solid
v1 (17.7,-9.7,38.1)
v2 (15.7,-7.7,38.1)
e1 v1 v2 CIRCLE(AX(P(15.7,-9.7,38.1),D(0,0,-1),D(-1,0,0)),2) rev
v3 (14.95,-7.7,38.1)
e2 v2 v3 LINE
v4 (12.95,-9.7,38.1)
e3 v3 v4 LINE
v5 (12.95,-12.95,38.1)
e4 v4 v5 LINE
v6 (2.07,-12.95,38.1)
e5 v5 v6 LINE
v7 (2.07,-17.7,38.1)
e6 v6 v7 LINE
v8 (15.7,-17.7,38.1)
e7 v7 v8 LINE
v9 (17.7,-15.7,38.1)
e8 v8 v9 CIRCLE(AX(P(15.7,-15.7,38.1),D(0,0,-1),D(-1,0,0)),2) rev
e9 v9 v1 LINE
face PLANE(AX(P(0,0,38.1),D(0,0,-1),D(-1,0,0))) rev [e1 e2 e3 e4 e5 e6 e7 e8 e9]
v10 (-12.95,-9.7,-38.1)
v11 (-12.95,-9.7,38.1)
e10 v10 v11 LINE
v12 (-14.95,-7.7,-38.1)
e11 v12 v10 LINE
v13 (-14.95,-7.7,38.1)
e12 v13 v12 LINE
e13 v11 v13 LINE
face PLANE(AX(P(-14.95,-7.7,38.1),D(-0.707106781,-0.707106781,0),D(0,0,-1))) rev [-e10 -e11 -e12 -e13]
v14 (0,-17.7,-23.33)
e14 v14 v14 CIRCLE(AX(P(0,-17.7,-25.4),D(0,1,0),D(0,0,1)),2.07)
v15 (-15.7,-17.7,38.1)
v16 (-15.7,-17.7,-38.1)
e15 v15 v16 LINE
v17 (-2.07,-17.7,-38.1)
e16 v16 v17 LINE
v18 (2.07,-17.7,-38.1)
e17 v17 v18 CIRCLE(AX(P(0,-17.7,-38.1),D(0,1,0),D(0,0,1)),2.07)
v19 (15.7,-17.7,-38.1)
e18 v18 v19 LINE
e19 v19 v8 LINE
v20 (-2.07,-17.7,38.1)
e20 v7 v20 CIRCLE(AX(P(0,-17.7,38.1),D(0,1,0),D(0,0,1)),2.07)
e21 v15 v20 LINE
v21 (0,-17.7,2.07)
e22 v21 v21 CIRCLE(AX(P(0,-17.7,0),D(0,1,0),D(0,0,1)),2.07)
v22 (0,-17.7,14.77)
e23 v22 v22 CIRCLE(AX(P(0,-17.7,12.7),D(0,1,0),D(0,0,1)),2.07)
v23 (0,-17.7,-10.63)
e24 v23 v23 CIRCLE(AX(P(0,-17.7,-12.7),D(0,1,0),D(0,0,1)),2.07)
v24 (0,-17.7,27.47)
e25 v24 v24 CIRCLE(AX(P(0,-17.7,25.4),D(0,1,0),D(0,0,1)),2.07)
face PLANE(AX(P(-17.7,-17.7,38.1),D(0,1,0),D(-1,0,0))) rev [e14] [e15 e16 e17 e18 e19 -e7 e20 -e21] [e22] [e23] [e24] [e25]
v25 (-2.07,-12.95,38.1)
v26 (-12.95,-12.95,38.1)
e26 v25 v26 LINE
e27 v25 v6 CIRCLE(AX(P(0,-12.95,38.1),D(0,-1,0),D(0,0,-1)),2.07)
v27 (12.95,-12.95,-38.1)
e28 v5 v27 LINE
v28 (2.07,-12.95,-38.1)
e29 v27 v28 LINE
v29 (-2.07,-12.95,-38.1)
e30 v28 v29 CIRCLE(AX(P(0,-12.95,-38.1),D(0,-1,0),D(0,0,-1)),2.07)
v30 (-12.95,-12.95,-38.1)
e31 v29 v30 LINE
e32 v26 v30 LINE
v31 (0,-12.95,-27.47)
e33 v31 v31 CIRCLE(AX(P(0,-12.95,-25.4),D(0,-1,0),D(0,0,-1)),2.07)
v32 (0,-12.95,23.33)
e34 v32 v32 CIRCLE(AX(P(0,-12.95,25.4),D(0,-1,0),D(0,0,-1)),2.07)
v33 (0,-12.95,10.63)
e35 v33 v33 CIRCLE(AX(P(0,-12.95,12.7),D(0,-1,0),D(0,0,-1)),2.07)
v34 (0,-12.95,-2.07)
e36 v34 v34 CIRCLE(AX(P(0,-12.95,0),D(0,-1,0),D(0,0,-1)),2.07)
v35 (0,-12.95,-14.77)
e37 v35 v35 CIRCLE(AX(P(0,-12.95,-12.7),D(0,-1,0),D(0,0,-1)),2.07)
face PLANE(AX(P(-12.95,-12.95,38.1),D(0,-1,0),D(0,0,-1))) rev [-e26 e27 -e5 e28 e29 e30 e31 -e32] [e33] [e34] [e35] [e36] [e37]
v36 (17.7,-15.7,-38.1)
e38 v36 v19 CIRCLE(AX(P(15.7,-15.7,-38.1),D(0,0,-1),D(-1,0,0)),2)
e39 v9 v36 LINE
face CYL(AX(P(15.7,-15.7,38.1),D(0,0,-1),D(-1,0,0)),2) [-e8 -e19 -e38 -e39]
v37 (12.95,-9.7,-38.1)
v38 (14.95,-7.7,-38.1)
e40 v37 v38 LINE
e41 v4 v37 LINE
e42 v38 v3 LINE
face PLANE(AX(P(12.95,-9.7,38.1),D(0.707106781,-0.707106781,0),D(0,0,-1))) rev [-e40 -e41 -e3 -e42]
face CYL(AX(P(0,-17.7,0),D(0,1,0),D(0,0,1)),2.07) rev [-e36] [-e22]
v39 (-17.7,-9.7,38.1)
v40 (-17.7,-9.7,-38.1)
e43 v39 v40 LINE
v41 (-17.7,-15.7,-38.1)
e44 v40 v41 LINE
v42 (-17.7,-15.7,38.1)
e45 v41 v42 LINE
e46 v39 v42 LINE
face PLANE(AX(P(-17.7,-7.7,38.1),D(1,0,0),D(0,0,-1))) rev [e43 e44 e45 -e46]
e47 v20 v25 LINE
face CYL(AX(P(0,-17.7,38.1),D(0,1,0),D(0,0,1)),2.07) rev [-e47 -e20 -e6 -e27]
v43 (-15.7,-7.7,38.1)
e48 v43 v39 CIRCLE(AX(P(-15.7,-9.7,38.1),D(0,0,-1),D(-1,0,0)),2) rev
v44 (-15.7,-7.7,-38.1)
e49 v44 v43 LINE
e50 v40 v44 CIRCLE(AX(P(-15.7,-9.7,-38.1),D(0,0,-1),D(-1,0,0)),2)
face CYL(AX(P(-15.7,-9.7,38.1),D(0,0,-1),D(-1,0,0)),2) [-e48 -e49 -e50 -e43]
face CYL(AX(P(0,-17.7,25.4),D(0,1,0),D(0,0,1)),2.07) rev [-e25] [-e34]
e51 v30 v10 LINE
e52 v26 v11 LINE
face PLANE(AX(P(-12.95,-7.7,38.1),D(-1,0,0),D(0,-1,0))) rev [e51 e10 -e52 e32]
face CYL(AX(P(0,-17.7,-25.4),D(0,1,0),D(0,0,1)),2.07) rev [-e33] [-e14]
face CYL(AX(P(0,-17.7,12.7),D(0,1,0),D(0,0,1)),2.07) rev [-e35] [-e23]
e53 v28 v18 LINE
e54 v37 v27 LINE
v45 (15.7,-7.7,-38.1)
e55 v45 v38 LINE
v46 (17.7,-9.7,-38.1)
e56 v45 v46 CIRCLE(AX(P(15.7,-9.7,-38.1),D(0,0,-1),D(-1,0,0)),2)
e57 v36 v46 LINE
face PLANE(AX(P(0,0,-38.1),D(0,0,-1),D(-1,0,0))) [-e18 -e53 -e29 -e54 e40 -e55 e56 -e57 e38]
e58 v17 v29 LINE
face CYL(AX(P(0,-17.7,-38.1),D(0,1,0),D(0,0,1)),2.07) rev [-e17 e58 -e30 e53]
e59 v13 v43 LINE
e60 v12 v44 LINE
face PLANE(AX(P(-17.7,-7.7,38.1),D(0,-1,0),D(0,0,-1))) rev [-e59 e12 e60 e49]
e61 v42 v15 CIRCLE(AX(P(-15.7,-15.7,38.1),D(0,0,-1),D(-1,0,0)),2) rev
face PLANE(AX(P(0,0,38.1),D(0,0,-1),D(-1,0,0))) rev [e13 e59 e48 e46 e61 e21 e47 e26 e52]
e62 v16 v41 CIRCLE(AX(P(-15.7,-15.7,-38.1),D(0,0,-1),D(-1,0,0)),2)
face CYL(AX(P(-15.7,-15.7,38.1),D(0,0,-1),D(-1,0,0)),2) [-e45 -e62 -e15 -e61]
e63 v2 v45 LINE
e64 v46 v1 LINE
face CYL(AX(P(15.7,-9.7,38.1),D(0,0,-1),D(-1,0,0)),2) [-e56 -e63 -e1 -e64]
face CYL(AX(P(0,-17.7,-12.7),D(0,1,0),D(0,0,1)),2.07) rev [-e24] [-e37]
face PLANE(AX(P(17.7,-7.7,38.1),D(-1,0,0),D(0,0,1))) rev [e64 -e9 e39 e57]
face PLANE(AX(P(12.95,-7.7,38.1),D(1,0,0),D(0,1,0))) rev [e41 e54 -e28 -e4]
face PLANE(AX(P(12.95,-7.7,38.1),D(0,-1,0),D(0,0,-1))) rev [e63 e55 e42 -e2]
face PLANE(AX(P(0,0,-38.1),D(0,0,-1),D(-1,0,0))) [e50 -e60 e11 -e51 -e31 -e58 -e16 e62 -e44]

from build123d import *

# Parameters (mm, degrees)
BOSS_EXTRUDE1_DEPTH     = 38.1
CUT_EXTRUDE1_DEPTH      = 43.337483392
CUT_EXTRUDE1_DEPTH_BACK = 43.337483392
SKETCH2_R               = 2.07
CHAMFER1_SIZE           = 2
FILLET1_R               = 2


with BuildPart() as part:
    # Sketch1 → Boss-Extrude1 (new, symmetric)
    with BuildSketch(Plane.XY):
        Polygon((-17.7, -7.7), (-17.7, -17.7), (17.7, -17.7), (17.7, -7.7), (12.95, -7.7), (12.95, -12.95), (-12.95, -12.95), (-12.95, -7.7), align=None)
    extrude(amount=BOSS_EXTRUDE1_DEPTH, both=True)

    # Sketch2 → Cut-Extrude1 (cut, two sides: drawn at the far end of the back side and taken through both)
    with BuildSketch(Plane(origin=(0, -12.95, 0), x_dir=(1, 0, 0), z_dir=(0, 1, 0)).offset(-CUT_EXTRUDE1_DEPTH_BACK)):
        with Locations(Location((0, 25.4, 0), (0, 0, 270))):
            Circle(SKETCH2_R)
        with Locations(Location((0, 12.7, 0), (0, 0, 270))):
            Circle(SKETCH2_R)
        with Locations(Location((0, 0, 0), (0, 0, 270))):
            Circle(SKETCH2_R)
        with Locations(Location((0, -12.7, 0), (0, 0, 270))):
            Circle(SKETCH2_R)
        with Locations(Location((0, -25.4, 0), (0, 0, 270))):
            Circle(SKETCH2_R)
        with Locations((0, -38.1)):
            Circle(SKETCH2_R)
        with Locations((0, 38.1)):
            Circle(SKETCH2_R)
    extrude(amount=CUT_EXTRUDE1_DEPTH + CUT_EXTRUDE1_DEPTH_BACK, mode=Mode.SUBTRACT)

    # Chamfer1
    chamfer1_edges = [part.edges().sort_by_distance(p)[0] for p in [
        (-12.95, -7.7, 0),
        (12.95, -7.7, 0),
    ]]
    chamfer(chamfer1_edges, length=CHAMFER1_SIZE)

    # Fillet1
    fillet1_edges = [part.edges().sort_by_distance(p)[0] for p in [
        (-17.7, -17.7, 0),
        (-17.7, -7.7, 0),
        (17.7, -7.7, 0),
        (17.7, -17.7, 0),
    ]]
    fillet(fillet1_edges, radius=FILLET1_R)


solid = part.part
